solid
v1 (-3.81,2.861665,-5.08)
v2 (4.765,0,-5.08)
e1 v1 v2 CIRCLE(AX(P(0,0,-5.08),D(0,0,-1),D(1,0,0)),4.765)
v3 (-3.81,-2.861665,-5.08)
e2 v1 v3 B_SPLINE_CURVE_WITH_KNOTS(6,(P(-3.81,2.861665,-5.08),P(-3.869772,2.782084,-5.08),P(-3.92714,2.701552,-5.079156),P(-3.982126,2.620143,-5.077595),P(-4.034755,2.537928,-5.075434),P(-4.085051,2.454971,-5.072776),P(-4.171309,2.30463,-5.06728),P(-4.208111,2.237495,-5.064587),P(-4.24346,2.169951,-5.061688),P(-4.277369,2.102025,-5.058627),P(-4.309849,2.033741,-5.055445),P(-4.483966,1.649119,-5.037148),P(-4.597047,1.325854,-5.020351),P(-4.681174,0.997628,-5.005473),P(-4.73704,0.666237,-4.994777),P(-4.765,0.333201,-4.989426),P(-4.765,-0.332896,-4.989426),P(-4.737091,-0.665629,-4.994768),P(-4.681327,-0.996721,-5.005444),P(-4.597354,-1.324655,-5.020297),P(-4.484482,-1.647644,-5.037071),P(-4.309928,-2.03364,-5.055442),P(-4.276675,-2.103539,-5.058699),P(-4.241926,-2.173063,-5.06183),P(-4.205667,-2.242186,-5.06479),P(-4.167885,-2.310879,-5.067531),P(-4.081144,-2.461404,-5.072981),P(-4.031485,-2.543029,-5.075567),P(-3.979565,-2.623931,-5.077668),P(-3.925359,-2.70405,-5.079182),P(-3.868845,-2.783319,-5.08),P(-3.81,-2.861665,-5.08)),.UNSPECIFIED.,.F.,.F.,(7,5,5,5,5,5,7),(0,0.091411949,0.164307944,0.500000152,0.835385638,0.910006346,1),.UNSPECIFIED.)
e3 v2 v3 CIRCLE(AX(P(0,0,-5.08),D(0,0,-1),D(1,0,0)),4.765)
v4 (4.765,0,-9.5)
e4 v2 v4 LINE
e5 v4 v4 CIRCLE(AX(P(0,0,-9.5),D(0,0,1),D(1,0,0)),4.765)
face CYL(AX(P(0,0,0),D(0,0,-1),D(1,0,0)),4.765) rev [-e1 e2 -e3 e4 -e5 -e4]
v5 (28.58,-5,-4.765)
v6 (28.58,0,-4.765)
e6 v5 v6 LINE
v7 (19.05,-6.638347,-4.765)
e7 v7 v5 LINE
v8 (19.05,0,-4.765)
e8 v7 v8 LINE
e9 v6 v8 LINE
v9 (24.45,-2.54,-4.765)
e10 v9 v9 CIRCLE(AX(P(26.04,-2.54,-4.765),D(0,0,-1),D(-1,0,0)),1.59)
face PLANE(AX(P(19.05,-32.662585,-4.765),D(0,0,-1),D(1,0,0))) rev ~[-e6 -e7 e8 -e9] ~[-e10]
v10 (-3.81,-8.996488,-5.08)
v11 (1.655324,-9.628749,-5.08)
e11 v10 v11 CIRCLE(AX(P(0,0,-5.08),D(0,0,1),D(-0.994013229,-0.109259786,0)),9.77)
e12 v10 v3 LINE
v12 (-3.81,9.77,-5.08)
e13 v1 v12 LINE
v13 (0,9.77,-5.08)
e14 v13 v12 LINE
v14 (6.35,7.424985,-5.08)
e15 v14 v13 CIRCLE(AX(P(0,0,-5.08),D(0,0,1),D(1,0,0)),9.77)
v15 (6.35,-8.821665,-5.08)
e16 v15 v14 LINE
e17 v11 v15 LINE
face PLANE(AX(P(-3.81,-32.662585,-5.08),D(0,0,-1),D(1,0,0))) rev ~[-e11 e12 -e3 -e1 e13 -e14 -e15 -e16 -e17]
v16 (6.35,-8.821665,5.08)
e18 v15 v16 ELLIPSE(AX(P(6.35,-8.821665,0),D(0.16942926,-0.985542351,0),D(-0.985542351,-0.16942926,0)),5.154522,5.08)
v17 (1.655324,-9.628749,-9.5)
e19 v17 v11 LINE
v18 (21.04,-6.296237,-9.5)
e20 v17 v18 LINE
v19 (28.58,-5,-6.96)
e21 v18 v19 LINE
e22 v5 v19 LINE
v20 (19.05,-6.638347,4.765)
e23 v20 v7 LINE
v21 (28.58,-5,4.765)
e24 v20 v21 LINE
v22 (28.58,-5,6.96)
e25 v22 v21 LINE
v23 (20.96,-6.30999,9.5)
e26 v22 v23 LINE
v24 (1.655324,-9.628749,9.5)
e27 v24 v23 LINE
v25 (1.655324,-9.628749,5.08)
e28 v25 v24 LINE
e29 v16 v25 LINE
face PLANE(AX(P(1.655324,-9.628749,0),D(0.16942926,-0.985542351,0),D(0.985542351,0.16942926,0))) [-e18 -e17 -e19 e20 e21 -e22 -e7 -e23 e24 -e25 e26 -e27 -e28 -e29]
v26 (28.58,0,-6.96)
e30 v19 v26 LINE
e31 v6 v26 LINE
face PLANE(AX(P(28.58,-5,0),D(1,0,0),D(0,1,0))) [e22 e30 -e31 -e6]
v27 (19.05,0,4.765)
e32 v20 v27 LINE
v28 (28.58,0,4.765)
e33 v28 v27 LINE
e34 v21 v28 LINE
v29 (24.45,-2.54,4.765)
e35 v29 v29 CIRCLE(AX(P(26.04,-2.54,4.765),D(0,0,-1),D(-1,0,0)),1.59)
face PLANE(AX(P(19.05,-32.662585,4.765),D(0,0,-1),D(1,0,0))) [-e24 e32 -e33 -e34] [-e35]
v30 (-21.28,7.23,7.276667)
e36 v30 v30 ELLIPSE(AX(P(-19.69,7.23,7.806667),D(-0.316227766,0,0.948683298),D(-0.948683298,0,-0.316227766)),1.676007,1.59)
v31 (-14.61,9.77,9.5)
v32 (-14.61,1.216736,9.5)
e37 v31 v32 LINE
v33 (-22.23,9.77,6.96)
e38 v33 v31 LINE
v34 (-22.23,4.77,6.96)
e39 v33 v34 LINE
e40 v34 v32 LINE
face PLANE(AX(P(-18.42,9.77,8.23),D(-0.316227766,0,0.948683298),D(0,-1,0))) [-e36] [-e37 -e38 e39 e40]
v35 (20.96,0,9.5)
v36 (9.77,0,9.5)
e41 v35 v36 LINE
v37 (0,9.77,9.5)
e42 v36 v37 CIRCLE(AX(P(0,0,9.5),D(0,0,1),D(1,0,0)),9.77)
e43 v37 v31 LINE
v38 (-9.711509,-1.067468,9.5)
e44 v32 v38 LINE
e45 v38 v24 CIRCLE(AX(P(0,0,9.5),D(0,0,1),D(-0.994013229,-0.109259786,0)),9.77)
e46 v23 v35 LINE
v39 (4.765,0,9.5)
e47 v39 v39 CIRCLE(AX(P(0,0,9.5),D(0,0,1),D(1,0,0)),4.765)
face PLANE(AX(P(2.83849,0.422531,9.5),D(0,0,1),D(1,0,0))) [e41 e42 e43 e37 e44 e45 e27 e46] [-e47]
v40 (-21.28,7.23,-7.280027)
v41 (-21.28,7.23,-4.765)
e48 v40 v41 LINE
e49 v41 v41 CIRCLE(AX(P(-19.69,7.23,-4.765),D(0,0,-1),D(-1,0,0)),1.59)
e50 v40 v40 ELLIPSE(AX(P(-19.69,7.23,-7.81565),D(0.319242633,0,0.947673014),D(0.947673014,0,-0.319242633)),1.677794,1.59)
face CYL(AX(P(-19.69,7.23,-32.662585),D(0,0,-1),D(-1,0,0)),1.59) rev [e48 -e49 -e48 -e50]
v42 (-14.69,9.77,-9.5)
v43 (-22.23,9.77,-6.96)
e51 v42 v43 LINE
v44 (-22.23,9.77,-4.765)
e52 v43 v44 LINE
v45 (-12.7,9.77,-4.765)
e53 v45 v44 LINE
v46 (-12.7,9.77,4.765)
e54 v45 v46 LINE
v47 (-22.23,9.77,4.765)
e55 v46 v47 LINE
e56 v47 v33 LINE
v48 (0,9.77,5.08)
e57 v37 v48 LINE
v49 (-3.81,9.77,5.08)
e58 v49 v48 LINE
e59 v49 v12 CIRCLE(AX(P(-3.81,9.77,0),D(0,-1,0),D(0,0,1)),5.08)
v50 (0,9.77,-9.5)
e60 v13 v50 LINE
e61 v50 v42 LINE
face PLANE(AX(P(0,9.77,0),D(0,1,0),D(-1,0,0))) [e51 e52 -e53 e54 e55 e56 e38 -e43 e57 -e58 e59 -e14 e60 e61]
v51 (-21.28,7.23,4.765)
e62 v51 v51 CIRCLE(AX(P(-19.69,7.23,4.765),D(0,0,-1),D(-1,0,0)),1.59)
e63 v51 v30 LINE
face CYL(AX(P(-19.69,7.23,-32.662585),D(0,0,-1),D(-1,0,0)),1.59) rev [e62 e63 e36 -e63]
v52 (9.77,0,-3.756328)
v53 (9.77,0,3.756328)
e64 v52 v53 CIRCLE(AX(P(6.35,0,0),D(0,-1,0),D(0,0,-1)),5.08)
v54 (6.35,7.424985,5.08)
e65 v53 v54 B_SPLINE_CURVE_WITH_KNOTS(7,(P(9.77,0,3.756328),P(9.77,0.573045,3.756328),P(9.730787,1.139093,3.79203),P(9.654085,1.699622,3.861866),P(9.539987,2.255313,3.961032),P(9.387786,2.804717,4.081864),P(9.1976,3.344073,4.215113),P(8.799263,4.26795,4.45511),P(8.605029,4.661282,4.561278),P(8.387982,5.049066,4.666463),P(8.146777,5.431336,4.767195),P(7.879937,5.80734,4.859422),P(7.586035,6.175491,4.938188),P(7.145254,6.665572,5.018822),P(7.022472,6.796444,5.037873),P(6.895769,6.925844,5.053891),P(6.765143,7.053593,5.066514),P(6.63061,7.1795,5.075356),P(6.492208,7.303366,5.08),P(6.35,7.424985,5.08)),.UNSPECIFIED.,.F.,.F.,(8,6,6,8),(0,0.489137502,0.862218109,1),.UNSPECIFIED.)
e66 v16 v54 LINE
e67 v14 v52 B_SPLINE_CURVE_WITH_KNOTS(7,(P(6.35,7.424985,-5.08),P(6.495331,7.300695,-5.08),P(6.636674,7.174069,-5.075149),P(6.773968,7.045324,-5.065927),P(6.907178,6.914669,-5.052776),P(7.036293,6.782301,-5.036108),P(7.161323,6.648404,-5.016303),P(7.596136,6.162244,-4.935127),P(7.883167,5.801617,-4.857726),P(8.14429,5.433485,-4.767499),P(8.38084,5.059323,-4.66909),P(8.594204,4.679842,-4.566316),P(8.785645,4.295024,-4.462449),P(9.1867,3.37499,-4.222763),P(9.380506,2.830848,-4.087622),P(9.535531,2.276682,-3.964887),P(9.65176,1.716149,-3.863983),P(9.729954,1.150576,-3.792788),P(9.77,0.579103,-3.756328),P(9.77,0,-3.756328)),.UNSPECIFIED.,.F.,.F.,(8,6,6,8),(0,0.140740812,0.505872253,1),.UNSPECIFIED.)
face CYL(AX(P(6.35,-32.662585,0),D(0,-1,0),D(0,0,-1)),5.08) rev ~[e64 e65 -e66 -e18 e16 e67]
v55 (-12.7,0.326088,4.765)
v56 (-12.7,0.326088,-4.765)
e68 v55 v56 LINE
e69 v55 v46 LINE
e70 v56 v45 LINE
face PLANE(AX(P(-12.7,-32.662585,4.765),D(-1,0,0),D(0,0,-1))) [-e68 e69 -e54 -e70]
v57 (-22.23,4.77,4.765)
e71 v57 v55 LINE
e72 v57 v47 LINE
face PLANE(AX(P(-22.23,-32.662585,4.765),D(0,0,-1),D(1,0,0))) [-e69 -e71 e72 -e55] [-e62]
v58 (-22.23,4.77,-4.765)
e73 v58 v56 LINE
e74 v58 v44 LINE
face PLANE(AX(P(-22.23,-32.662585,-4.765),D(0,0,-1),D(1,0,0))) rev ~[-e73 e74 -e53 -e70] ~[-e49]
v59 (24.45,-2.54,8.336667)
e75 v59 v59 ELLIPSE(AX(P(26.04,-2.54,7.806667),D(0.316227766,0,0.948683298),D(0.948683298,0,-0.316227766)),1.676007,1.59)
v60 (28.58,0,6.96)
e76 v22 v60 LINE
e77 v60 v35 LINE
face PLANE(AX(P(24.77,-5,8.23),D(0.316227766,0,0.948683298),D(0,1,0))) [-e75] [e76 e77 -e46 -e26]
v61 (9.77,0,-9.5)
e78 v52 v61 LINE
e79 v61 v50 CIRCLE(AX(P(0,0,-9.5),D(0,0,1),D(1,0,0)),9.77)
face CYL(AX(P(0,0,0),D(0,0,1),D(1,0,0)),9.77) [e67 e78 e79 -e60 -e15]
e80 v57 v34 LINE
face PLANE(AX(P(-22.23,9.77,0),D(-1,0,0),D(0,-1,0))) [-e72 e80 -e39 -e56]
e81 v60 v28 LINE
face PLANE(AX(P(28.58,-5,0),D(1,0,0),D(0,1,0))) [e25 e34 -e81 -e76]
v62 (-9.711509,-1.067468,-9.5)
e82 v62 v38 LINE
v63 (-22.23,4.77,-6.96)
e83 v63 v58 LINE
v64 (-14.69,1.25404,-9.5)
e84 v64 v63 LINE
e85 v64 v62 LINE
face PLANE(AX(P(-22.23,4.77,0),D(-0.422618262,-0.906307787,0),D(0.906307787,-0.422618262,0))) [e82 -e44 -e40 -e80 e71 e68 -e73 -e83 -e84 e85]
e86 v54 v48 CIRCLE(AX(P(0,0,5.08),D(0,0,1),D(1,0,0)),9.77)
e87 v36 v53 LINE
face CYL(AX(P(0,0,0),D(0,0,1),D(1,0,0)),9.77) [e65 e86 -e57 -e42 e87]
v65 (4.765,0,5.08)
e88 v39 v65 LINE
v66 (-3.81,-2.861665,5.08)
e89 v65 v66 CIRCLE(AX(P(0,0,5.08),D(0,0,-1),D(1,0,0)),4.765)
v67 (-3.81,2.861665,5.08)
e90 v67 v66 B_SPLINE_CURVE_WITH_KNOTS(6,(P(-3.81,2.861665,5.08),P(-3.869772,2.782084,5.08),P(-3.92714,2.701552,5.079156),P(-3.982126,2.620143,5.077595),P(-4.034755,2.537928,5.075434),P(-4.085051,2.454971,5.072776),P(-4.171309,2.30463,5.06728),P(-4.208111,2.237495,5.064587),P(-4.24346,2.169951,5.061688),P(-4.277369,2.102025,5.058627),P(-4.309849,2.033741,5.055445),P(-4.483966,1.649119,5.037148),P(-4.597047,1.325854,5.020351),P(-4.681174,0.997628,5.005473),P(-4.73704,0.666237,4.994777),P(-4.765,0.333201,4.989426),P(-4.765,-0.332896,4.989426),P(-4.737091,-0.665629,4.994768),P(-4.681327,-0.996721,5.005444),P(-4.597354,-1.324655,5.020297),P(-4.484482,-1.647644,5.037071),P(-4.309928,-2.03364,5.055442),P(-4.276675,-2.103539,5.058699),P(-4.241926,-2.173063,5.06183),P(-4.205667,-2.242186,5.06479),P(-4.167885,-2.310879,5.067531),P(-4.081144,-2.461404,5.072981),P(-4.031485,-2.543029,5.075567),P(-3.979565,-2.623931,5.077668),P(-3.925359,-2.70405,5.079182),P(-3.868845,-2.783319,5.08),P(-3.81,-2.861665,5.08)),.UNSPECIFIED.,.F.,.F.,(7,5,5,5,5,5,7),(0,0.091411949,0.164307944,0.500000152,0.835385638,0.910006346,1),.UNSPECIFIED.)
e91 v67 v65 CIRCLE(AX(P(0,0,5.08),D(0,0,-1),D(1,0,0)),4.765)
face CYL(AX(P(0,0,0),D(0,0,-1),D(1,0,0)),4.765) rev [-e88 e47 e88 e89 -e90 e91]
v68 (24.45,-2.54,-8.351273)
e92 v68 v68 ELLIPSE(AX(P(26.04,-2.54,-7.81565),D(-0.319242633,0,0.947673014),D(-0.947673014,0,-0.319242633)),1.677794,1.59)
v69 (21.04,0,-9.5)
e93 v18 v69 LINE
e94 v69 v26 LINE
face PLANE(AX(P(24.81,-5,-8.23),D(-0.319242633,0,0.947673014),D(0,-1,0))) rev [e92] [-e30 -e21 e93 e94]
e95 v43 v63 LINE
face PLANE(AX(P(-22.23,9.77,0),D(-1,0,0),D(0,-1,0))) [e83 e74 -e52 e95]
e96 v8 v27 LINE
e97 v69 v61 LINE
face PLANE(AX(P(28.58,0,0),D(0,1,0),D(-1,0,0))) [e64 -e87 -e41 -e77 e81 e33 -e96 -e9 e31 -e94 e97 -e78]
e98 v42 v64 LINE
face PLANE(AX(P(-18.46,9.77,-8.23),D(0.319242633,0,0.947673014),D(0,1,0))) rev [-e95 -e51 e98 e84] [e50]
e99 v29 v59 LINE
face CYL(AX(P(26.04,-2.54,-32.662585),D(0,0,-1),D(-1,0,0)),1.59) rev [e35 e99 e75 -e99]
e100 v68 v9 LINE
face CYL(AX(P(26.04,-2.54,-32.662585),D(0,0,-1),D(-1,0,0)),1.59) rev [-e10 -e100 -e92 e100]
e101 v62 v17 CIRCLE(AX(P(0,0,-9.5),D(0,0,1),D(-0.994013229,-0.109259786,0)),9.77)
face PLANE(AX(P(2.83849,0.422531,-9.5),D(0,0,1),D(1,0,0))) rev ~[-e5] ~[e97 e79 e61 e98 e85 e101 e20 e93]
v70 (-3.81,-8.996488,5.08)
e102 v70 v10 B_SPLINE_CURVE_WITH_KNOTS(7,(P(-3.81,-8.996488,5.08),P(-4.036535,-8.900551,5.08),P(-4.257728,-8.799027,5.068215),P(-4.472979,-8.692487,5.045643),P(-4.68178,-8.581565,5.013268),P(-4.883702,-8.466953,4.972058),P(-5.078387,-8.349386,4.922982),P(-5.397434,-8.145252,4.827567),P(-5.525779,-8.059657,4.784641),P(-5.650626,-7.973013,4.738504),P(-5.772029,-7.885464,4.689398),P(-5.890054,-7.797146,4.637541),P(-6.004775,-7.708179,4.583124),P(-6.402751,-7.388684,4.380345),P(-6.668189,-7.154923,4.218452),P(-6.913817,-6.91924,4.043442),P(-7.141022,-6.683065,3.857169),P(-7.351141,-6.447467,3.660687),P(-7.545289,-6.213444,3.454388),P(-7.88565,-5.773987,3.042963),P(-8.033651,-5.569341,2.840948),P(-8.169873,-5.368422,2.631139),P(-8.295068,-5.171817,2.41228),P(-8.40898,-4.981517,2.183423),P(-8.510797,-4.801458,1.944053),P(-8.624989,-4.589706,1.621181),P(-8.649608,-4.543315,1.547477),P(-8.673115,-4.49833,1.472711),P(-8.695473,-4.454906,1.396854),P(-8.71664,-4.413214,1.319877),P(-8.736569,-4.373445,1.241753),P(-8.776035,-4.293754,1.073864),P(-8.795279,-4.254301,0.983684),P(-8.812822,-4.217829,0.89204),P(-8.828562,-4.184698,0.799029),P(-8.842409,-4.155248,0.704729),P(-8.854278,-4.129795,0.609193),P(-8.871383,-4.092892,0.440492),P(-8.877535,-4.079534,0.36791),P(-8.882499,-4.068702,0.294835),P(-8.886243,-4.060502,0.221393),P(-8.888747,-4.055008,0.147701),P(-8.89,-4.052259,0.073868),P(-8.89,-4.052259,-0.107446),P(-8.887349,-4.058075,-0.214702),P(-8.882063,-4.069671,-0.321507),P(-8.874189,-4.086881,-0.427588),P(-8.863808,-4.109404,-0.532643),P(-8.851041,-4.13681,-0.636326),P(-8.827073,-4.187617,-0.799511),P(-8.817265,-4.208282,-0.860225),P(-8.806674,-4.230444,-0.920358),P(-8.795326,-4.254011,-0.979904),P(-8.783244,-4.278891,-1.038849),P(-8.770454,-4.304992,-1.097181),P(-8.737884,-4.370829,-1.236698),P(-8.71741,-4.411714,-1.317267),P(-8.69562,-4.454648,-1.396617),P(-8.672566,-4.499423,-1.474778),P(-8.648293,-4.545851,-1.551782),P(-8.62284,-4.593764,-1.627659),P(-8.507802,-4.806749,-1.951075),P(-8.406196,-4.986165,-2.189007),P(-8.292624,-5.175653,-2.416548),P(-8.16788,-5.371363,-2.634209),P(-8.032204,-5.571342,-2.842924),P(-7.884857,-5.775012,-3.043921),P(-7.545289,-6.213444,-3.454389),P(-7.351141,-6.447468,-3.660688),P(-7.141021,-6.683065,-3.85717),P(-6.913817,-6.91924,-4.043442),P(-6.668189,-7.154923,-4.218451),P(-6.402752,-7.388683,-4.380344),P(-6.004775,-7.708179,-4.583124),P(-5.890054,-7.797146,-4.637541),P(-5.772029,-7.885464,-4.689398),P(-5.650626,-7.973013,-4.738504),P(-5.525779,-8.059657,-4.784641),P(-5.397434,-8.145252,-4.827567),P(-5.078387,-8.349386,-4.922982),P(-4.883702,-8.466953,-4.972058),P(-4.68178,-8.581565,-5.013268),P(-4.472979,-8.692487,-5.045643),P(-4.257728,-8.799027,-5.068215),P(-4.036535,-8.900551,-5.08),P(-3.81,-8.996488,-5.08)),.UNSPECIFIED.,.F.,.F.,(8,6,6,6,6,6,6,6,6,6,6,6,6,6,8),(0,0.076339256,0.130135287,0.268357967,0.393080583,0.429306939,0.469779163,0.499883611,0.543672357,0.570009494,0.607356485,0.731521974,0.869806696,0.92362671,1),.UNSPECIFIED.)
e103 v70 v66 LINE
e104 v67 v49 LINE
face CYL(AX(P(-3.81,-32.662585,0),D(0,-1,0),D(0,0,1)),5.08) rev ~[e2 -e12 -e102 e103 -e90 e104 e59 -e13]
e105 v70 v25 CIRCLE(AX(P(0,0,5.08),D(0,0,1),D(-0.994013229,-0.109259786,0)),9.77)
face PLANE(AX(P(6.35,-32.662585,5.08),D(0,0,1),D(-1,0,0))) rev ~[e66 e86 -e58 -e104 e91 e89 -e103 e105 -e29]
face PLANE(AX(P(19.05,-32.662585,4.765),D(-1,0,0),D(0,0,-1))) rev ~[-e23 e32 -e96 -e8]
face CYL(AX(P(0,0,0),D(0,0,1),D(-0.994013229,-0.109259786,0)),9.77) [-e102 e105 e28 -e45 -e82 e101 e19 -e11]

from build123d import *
from OCP.BRepFilletAPI import BRepFilletAPI_MakeChamfer

# Parameters (mm, degrees)
SKETCH1_R               = 4.765
BOSS_EXTRUDE1_DEPTH     = 9.5
CHAMFER4_SIZE           = 7.54
CHAMFER4_SIZE2          = 2.54
CHAMFER5_SIZE           = 2.54
CHAMFER5_SIZE2          = 7.62
CUT_EXTRUDE1_DEPTH      = 32.662585176
CUT_EXTRUDE1_DEPTH_BACK = 32.662585176
SKETCH2_W               = 9.53
SKETCH2_H               = 9.53
CUT_EXTRUDE2_DEPTH      = 32.662585176
CUT_EXTRUDE2_DEPTH_BACK = 32.662585176
CUT_EXTRUDE3_DEPTH      = 32.662585236
CUT_EXTRUDE3_DEPTH_BACK = 32.662585236
SKETCH4_R               = 1.59


with BuildPart() as part:
    # Sketch1 → Boss-Extrude1 (new, symmetric)
    with BuildSketch(Plane.XY):
        with BuildLine():
            Line((0, 9.77), (-22.23, 9.77))
            Line((-22.23, 9.77), (-22.23, 4.77))
            Line((-22.23, 4.77), (-9.711509246, -1.067468107))
            ThreePointArc((-9.711509246, -1.067468107), (-5.877874817, -7.804068659), (1.655323868, -9.628748771))
            Line((1.655323868, -9.628748771), (28.58, -5))
            Line((28.58, -5), (28.58, 0))
            Line((28.58, 0), (9.77, 0))
            ThreePointArc((9.77, 0), (6.908433252, 6.908433252), (0, 9.77))
        make_face()
        Circle(SKETCH1_R, mode=Mode.SUBTRACT)
    extrude(amount=BOSS_EXTRUDE1_DEPTH, both=True)

    # Chamfer4
    chamfer4_edges = [part.edges().sort_by_distance(p)[0] for p in [
        (-22.23, 7.27, -9.5),
        (28.58, -2.5, -9.5),
    ]]
    chamfer4_side = [part.faces().sort_by_distance(p)[0] for p in [
        (-11.115, 9.225622585, -9.5),
    ]]
    chamfer(chamfer4_edges, length=CHAMFER4_SIZE, length2=CHAMFER4_SIZE2, reference=chamfer4_side[0])

    # Chamfer5: one chamfer whose edges measure the first distance from different faces: ONE call of the kernel's chamfer builder (chamfer() names one face for all edges)
    chamfer5_edges_1 = [part.edges().sort_by_distance(p)[0] for p in [
        (-22.23, 7.27, 9.5),
    ]]
    chamfer5_side_1 = [part.faces().sort_by_distance(p)[0] for p in [
        (-22.23, 7.27, 1.27),
    ]]
    chamfer5_edges_2 = [part.edges().sort_by_distance(p)[0] for p in [
        (28.58, -2.5, 9.5),
    ]]
    chamfer5_side_2 = [part.faces().sort_by_distance(p)[0] for p in [
        (28.58, -2.5, 1.27),
    ]]
    chamfer5 = BRepFilletAPI_MakeChamfer(part.part.solid().wrapped)
    for e in chamfer5_edges_1:
        chamfer5.Add(CHAMFER5_SIZE, CHAMFER5_SIZE2, e.wrapped, chamfer5_side_1[0].wrapped)  # the first distance lies on this face
    for e in chamfer5_edges_2:
        chamfer5.Add(CHAMFER5_SIZE, CHAMFER5_SIZE2, e.wrapped, chamfer5_side_2[0].wrapped)  # the first distance lies on this face
    add(Compound.cast(chamfer5.Shape()), mode=Mode.REPLACE)

    # Sketch2 → Cut-Extrude1 (cut, two sides: drawn at the far end of the back side and taken through both)
    with BuildSketch(Plane(origin=(0, 0, 0), x_dir=(1, 0, 0), z_dir=(0, 1, 0)).offset(-CUT_EXTRUDE1_DEPTH_BACK)):
        with Locations((-17.465, 0)):
            Rectangle(SKETCH2_W, SKETCH2_H)
        with Locations((23.815, 0)):
            Rectangle(SKETCH2_W, SKETCH2_H)
    extrude(amount=CUT_EXTRUDE1_DEPTH + CUT_EXTRUDE1_DEPTH_BACK, mode=Mode.SUBTRACT)

    # Sketch3 → Cut-Extrude2 (cut, two sides: drawn at the far end of the back side and taken through both)
    with BuildSketch(Plane(origin=(0, 0, 0), x_dir=(1, 0, 0), z_dir=(0, 1, 0)).offset(-CUT_EXTRUDE2_DEPTH_BACK)):
        with BuildLine():
            Line((-3.81, 5.08), (6.35, 5.08))
            ThreePointArc((6.35, 5.08), (11.43, 0), (6.35, -5.08))
            Line((6.35, -5.08), (-3.81, -5.08))
            ThreePointArc((-3.81, -5.08), (-8.89, 0), (-3.81, 5.08))
        make_face()
    extrude(amount=CUT_EXTRUDE2_DEPTH + CUT_EXTRUDE2_DEPTH_BACK, mode=Mode.SUBTRACT)

    # Sketch4 → Cut-Extrude3 (cut, two sides: drawn at the far end of the back side and taken through both)
    with BuildSketch(Plane.XY.offset(-CUT_EXTRUDE3_DEPTH_BACK)):
        with Locations(Location((-19.69, 7.23, 0), (0, 0, 180))):
            Circle(SKETCH4_R)
        with Locations(Location((26.04, -2.54, 0), (0, 0, 180))):
            Circle(SKETCH4_R)
    extrude(amount=CUT_EXTRUDE3_DEPTH + CUT_EXTRUDE3_DEPTH_BACK, mode=Mode.SUBTRACT)


solid = part.part
